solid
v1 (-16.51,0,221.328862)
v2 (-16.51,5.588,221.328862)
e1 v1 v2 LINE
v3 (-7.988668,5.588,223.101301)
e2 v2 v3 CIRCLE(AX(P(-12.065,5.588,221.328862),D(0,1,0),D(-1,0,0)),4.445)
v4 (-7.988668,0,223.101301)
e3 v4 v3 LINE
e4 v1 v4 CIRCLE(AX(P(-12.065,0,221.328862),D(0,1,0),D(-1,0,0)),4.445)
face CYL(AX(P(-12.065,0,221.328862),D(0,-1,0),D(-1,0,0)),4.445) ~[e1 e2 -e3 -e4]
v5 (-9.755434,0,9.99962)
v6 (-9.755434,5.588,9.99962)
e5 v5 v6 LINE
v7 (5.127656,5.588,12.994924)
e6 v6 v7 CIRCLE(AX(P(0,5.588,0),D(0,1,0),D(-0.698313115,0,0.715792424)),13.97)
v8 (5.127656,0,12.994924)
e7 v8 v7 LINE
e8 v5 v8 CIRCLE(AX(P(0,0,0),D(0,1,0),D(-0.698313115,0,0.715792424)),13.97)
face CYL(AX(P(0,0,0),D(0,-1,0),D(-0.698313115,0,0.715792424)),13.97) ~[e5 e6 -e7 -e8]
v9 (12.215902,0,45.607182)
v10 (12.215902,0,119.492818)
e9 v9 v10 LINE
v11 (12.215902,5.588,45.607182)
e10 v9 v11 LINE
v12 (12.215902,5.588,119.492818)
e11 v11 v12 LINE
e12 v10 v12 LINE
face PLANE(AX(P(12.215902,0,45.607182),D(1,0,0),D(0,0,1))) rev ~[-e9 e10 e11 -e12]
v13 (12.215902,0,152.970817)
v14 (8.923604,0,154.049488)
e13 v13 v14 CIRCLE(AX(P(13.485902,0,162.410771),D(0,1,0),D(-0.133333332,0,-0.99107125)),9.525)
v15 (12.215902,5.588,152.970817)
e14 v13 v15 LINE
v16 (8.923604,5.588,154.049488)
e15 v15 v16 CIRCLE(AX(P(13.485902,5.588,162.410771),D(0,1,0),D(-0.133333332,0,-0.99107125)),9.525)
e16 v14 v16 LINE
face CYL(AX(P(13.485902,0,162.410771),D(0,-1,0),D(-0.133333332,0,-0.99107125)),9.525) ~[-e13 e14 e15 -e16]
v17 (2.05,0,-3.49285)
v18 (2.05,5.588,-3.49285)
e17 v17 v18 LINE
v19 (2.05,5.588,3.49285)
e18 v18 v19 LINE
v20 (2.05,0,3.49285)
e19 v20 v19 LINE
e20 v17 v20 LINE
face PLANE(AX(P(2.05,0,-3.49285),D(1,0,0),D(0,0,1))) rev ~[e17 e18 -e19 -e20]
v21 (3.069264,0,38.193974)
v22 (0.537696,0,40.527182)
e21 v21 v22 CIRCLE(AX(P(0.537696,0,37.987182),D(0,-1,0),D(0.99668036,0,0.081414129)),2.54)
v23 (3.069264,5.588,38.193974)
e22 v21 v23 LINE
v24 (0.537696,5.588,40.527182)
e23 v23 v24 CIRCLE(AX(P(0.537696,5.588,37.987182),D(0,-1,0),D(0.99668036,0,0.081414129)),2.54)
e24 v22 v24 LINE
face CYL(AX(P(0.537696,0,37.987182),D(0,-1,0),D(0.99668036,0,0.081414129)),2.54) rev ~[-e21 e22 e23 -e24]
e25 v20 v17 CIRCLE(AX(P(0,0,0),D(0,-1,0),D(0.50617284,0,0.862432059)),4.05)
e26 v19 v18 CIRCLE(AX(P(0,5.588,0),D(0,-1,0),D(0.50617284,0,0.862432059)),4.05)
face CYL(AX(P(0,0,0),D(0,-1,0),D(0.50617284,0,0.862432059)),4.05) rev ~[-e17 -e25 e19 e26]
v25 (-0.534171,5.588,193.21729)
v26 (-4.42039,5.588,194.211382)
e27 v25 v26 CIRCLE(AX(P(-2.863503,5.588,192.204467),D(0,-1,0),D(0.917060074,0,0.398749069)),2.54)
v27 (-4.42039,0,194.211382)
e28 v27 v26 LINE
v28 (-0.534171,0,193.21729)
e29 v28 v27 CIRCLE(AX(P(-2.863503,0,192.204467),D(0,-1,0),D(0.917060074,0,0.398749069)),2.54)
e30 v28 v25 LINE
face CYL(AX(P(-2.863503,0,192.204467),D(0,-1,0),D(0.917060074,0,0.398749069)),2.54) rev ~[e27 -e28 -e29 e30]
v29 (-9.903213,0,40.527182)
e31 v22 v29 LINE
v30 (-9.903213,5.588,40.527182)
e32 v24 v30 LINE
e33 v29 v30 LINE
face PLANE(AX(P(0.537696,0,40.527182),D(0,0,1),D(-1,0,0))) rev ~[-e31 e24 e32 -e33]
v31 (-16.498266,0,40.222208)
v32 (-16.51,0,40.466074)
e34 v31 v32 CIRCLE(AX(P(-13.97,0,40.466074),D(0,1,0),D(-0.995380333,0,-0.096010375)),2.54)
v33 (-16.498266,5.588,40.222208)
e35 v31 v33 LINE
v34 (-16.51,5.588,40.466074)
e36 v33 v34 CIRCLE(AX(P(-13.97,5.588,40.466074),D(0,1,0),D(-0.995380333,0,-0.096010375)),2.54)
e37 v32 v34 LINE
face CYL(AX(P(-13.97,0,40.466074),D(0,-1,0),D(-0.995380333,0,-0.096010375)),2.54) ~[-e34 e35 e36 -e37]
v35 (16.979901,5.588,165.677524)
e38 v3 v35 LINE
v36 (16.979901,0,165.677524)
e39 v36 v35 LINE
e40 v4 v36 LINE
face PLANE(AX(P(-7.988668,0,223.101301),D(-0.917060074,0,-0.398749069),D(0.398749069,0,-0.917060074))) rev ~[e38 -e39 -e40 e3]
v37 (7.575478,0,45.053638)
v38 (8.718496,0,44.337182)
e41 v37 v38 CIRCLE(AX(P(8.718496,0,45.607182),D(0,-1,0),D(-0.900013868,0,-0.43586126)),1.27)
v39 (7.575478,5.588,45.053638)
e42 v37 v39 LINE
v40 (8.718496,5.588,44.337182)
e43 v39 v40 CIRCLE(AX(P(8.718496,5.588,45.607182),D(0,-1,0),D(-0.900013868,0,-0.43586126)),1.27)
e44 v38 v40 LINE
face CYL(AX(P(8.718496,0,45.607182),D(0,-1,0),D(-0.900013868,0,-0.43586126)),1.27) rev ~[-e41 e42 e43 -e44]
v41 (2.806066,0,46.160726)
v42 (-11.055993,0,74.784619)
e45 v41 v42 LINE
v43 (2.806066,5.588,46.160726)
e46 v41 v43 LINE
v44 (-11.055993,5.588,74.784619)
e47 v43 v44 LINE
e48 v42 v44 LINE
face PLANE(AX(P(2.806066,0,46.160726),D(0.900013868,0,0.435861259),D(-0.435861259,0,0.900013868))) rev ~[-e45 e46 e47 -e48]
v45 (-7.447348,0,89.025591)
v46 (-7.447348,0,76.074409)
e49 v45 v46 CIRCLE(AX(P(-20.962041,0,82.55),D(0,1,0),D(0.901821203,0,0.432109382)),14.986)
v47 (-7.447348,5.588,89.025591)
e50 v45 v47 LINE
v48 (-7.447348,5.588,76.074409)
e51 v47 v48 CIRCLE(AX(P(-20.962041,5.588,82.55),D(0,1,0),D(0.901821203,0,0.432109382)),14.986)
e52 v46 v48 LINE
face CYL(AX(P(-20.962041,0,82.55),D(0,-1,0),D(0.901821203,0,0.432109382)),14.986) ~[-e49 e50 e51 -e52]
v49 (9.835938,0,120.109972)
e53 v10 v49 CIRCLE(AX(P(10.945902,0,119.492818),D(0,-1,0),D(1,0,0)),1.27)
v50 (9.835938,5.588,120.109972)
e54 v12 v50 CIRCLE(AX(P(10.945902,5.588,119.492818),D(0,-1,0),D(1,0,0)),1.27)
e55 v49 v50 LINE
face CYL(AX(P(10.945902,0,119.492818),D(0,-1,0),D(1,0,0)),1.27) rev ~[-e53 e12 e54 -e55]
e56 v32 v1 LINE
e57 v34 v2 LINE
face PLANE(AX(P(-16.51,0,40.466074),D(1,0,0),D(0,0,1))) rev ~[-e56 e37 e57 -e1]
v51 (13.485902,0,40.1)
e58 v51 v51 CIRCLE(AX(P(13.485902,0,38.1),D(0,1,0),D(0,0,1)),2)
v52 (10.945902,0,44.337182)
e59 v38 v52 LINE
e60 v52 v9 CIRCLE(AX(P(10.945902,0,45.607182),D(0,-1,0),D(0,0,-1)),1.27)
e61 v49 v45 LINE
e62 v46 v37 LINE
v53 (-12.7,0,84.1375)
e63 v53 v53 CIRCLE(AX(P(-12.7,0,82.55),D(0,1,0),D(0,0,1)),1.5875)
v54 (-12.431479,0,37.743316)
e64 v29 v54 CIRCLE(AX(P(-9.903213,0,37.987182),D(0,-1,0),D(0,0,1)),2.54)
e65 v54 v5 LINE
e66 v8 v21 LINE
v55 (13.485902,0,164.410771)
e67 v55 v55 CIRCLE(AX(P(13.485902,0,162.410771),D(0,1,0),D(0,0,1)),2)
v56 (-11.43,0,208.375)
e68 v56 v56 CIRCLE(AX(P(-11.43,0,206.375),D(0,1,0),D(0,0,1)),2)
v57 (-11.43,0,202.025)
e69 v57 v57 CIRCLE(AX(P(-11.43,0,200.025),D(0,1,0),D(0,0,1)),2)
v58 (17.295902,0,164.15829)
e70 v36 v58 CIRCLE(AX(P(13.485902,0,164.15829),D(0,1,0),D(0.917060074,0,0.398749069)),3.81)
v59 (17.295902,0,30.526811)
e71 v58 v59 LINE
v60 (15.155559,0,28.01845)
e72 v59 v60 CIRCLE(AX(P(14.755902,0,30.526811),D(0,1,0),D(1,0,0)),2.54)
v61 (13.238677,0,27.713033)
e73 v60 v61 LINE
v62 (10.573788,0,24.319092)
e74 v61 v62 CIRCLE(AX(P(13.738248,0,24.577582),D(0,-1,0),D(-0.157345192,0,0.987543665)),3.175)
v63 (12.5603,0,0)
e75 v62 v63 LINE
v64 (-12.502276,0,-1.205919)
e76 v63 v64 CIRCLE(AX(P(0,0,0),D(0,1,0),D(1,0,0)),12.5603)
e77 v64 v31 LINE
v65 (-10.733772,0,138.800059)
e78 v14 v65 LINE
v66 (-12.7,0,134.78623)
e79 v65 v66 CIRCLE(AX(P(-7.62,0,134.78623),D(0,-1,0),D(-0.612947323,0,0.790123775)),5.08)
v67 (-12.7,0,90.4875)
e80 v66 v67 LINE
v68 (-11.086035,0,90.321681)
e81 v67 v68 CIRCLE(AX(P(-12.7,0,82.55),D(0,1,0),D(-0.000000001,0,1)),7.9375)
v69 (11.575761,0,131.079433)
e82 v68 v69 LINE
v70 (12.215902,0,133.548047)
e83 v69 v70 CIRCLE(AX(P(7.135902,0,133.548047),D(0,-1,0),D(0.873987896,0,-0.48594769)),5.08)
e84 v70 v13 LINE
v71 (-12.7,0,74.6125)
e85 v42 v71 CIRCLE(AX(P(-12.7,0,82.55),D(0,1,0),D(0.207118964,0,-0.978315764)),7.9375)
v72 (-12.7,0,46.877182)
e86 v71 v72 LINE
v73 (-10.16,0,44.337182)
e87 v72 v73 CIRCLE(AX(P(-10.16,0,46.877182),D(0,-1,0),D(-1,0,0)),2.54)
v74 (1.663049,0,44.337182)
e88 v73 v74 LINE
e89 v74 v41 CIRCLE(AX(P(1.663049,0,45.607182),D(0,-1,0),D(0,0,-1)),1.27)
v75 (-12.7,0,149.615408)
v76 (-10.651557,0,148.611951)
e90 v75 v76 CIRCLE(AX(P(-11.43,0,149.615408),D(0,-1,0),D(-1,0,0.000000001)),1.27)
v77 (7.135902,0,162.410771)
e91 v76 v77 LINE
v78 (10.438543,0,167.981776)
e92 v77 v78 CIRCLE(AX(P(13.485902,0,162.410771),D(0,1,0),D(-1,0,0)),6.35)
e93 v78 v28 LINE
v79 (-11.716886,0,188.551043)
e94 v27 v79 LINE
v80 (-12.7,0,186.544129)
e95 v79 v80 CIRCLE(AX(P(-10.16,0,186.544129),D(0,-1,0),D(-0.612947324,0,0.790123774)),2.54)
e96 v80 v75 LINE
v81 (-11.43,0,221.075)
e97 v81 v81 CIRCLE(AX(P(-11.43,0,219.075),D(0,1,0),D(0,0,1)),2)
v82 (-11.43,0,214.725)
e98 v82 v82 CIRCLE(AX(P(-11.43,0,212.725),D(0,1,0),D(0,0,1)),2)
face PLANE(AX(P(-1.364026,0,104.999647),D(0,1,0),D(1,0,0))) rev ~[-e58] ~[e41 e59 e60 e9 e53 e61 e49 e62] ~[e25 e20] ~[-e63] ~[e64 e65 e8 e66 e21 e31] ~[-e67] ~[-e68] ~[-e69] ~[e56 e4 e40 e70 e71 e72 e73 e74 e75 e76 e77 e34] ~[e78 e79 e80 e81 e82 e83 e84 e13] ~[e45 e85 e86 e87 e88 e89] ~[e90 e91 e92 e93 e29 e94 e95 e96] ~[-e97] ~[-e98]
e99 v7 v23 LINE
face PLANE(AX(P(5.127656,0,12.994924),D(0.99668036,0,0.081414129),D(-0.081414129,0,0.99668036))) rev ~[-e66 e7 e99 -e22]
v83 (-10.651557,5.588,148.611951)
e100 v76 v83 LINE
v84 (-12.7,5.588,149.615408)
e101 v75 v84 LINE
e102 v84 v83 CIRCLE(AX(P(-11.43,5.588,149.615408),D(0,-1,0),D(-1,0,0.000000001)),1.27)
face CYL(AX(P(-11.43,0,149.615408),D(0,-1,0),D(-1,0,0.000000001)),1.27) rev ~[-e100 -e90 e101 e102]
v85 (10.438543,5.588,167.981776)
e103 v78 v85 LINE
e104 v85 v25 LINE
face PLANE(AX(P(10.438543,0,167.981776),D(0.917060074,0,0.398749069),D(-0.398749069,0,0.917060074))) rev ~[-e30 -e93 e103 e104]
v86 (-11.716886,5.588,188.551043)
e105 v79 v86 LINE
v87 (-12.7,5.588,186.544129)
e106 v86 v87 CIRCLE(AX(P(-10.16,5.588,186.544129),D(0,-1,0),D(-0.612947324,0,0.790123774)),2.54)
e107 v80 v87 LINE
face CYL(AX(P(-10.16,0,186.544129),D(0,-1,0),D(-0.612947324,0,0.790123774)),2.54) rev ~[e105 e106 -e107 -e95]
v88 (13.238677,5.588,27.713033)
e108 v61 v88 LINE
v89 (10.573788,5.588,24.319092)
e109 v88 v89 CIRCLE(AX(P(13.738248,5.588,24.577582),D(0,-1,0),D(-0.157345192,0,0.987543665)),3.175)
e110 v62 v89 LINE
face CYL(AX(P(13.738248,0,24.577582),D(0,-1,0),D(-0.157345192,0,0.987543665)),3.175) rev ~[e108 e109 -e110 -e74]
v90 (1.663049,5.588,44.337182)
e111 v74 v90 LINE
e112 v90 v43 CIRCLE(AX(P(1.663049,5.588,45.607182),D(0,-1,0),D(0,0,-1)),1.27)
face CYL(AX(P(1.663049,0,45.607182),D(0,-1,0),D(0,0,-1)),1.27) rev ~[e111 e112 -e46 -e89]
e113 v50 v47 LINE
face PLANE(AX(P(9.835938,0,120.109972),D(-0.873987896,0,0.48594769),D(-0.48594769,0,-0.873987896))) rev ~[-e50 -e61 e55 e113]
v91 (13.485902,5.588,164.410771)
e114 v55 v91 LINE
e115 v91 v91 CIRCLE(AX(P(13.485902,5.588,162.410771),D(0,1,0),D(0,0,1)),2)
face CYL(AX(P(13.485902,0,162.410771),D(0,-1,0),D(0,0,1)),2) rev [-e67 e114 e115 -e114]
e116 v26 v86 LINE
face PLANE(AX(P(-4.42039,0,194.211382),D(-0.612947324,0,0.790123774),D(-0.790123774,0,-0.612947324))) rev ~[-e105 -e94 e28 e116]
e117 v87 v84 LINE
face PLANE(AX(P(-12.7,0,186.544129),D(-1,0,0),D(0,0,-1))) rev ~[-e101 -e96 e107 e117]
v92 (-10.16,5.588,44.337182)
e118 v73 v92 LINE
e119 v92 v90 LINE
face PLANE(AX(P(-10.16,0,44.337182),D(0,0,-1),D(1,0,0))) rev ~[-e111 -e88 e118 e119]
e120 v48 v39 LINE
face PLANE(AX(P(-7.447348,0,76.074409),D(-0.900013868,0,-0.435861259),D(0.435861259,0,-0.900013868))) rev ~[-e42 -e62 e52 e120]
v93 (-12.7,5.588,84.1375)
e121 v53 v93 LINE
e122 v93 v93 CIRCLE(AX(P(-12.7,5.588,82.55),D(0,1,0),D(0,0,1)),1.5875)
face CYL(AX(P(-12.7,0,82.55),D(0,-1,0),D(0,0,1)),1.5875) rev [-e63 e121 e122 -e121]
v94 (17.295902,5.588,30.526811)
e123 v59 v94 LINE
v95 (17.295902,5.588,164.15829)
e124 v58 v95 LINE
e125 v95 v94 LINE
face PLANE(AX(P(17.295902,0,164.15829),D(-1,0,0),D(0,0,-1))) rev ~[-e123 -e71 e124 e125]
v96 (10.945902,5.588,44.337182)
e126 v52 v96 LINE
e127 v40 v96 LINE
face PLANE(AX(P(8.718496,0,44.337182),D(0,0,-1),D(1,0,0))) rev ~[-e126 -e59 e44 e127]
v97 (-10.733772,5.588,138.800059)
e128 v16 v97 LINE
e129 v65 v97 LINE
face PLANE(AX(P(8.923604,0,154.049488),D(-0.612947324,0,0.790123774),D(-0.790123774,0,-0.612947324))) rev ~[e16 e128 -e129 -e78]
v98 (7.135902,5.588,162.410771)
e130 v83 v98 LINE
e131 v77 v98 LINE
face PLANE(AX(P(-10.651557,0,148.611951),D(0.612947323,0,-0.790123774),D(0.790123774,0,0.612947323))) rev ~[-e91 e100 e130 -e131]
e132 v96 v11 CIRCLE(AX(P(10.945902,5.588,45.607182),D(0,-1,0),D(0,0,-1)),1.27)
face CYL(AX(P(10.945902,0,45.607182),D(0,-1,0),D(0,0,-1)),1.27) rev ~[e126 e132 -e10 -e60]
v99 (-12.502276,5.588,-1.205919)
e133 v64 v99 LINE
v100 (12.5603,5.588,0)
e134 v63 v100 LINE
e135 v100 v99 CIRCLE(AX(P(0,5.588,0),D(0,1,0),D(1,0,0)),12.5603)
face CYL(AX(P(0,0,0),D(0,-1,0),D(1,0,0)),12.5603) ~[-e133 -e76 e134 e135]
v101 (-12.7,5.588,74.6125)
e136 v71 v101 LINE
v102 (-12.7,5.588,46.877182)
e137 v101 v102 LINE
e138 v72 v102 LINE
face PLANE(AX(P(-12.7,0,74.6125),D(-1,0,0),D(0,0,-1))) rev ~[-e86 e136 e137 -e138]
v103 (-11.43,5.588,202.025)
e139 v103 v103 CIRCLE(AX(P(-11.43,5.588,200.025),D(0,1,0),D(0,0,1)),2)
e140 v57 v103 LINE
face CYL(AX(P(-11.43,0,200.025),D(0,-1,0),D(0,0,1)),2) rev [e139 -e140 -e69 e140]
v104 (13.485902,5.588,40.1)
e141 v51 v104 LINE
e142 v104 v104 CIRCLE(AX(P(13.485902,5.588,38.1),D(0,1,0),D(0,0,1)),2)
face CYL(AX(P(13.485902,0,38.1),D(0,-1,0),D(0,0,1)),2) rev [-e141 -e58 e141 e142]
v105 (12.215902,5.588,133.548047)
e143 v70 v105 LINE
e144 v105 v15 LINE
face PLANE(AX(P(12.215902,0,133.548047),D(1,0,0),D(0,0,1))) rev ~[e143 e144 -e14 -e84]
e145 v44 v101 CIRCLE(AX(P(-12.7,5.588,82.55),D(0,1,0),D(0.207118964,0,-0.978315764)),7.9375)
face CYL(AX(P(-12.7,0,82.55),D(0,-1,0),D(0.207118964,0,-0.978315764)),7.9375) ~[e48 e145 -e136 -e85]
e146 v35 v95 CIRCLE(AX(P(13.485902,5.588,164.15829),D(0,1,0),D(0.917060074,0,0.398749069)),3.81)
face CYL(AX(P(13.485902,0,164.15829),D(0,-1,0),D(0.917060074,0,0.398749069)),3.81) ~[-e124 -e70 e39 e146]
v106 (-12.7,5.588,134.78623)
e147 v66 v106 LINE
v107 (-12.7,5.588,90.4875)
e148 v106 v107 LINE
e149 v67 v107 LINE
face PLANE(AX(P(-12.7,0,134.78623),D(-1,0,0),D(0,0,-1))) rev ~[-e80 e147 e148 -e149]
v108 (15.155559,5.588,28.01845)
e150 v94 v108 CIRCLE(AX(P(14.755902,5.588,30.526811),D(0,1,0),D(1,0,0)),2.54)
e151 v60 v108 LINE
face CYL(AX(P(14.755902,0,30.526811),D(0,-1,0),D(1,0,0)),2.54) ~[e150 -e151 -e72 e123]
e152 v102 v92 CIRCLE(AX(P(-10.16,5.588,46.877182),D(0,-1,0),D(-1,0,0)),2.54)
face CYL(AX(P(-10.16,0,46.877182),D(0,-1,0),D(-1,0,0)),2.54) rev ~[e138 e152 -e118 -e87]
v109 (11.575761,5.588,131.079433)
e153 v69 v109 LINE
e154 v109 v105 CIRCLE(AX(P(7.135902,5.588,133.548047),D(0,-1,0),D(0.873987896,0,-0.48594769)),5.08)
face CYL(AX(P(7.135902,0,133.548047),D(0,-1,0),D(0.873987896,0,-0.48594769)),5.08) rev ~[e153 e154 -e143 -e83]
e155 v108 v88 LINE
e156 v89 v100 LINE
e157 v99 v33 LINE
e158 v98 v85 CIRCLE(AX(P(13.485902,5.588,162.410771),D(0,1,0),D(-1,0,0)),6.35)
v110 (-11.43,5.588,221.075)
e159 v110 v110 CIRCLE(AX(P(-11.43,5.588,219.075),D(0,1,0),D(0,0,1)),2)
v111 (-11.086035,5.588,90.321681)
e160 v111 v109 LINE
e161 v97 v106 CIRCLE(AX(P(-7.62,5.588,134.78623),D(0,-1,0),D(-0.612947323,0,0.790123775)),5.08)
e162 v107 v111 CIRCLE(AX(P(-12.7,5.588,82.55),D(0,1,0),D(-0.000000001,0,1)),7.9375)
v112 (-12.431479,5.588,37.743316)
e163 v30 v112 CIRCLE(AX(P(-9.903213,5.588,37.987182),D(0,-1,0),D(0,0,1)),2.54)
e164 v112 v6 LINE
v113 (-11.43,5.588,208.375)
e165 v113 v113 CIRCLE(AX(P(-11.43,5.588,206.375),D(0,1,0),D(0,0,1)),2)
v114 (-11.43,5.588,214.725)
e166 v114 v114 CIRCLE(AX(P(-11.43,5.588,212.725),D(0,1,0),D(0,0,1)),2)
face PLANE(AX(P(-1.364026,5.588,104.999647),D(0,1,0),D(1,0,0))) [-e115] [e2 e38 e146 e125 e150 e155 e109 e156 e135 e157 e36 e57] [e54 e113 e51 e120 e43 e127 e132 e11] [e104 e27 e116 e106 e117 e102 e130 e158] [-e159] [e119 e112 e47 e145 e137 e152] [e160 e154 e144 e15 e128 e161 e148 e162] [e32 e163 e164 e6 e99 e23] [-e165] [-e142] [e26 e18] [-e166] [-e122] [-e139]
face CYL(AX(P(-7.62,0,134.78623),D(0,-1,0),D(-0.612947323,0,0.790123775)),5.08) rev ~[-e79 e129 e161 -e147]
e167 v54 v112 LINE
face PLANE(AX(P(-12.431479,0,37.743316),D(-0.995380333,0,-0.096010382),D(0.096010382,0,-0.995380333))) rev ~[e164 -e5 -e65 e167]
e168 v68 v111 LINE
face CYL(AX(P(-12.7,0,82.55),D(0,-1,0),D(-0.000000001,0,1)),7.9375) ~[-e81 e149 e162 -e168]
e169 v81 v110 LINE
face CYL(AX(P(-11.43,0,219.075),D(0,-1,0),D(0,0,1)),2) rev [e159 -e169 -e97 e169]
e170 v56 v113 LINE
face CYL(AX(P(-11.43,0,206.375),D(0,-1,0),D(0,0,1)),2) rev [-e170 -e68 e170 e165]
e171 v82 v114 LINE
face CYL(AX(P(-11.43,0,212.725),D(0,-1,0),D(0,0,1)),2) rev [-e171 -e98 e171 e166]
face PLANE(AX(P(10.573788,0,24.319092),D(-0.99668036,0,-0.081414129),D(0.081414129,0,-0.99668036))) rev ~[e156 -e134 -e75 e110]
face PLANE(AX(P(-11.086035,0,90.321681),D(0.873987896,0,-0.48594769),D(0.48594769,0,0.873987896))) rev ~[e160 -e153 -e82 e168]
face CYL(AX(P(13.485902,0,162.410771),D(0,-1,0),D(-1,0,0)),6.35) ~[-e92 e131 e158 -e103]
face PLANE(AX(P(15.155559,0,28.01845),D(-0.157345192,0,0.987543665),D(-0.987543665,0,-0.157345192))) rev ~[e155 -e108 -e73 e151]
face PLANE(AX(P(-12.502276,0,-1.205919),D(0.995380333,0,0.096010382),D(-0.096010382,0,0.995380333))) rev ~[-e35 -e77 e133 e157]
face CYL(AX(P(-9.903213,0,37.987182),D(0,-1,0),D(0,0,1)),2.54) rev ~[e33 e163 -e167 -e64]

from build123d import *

# Parameters (mm, degrees)
SKETCH2_R           = 2
SKETCH2_R_2         = 1.5875
SKETCH2_R_3         = 1.999999991
BOSS_EXTRUDE1_DEPTH = 5.588


with BuildPart() as part:
    # Sketch2 → Boss-Extrude1 (new body)
    with BuildSketch(Plane(origin=(0, 0, 0), x_dir=(1, 0, 0), z_dir=(0, 1, 0))):
        with BuildLine():
            ThreePointArc((17.295902343, -30.526810701), (16.688093876, -28.878103365), (15.15555913, -28.018449791))
            Line((15.15555913, -28.018449791), (13.238676936, -27.713033224))
            ThreePointArc((13.238676936, -27.713033224), (11.241051513, -26.538356195), (10.573787778, -24.319092227))
            Line((10.573787778, -24.319092227), (12.5603, 0))
            ThreePointArc((12.5603, 0), (0.603657177, 12.545785512), (-12.502275592, 1.2059192))
            Line((-12.502275592, 1.2059192), (-16.498266045, -40.222207921))
            ThreePointArc((-16.498266045, -40.222207921), (-16.507064815, -40.344000039), (-16.51, -40.466074291))
            Line((-16.51, -40.466074291), (-16.51, -221.328861788))
            ThreePointArc((-16.51, -221.328861788), (-12.970187584, -225.680718913), (-7.988667969, -223.101301399))
            Line((-7.988667969, -223.101301399), (16.979901226, -165.677523619))
            ThreePointArc((16.979901226, -165.677523619), (17.216065593, -164.934164738), (17.295902343, -164.158289667))
            Line((17.295902343, -164.158289667), (17.295902343, -30.526810701))
        make_face()
        with Locations(Location((-11.43, -219.075, 0), (0, 0, 270))):
            Circle(SKETCH2_R, mode=Mode.SUBTRACT)
        with Locations(Location((-11.43, -212.725, 0), (0, 0, 270))):
            Circle(SKETCH2_R, mode=Mode.SUBTRACT)
        with Locations(Location((-11.43, -206.375, 0), (0, 0, 270))):
            Circle(SKETCH2_R, mode=Mode.SUBTRACT)
        with Locations(Location((-11.43, -200.025, 0), (0, 0, 270))):
            Circle(SKETCH2_R, mode=Mode.SUBTRACT)
        with BuildLine():
            ThreePointArc((7.135902343, -162.410770806), (8.023611961, -165.648962244), (10.438542905, -167.981776143))
            Line((10.438542905, -167.981776143), (-0.534170778, -193.217289931))
            ThreePointArc((-0.534170778, -193.217289931), (-2.234040931, -194.665234867), (-4.420389569, -194.211381682))
            Line((-4.420389569, -194.211381682), (-11.716886202, -188.551043102))
            ThreePointArc((-11.716886202, -188.551043102), (-12.441018517, -187.661516081), (-12.7, -186.544128716))
            Line((-12.7, -186.544128716), (-12.7, -149.615408258))
            ThreePointArc((-12.7, -149.615408258), (-11.988693683, -148.474898999), (-10.651556899, -148.611951065))
            Line((-10.651556899, -148.611951065), (7.135902343, -162.410770806))
        make_face(mode=Mode.SUBTRACT)
        with BuildLine():
            ThreePointArc((12.215902343, -152.970817152), (10.520298026, -153.359206519), (8.923603828, -154.049487576))
            Line((8.923603828, -154.049487576), (-10.733772403, -138.80005889))
            ThreePointArc((-10.733772403, -138.80005889), (-12.182037035, -137.021004847), (-12.7, -134.786230117))
            Line((-12.7, -134.786230117), (-12.7, -90.4875))
            ThreePointArc((-12.7, -90.4875), (-11.888769677, -90.445936399), (-11.086035141, -90.321680879))
            Line((-11.086035141, -90.321680879), (11.575760855, -131.079432803))
            ThreePointArc((11.575760855, -131.079432803), (12.053263487, -132.272915946), (12.215902343, -133.548047069))
            Line((12.215902343, -133.548047069), (12.215902343, -152.970817152))
        make_face(mode=Mode.SUBTRACT)
        with Locations(Location((13.485902343, -162.410770806, 0), (0, 0, 270))):
            Circle(SKETCH2_R, mode=Mode.SUBTRACT)
        with Locations(Location((-12.7, -82.55, 0), (0, 0, 270))):
            Circle(SKETCH2_R_2, mode=Mode.SUBTRACT)
        with BuildLine():
            Line((-10.16, -44.337182032), (1.663048834, -44.337182032))
            ThreePointArc((1.663048834, -44.337182032), (2.739129831, -44.932682449), (2.806066447, -46.160725831))
            Line((2.806066447, -46.160725831), (-11.055993219, -74.784618621))
            ThreePointArc((-11.055993219, -74.784618621), (-11.873503915, -74.655646925), (-12.7, -74.6125))
            Line((-12.7, -74.6125), (-12.7, -46.877182032))
            ThreePointArc((-12.7, -46.877182032), (-11.956051224, -45.081130808), (-10.16, -44.337182032))
        make_face(mode=Mode.SUBTRACT)
        with BuildLine():
            ThreePointArc((-9.903213406, -40.527182032), (-11.783508673, -39.694838236), (-12.431479451, -37.743315662))
            Line((-12.431479451, -37.743315662), (-9.755434212, -9.99962016))
            ThreePointArc((-9.755434212, -9.99962016), (-2.756273581, -13.695395429), (5.127655889, -12.99492382))
            Line((5.127655889, -12.99492382), (3.069264048, -38.19397392))
            ThreePointArc((3.069264048, -38.19397392), (2.259083254, -39.854914801), (0.537695935, -40.527182032))
            Line((0.537695935, -40.527182032), (-9.903213406, -40.527182032))
        make_face(mode=Mode.SUBTRACT)
        with BuildLine():
            ThreePointArc((2.05, -3.492849839), (-4.05, 0), (2.05, 3.492849839))
            Line((2.05, 3.492849839), (2.05, -3.492849839))
        make_face(mode=Mode.SUBTRACT)
        with BuildLine():
            ThreePointArc((-7.44734835, -89.025591197), (-5.976040897, -82.55), (-7.44734835, -76.074408803))
            Line((-7.44734835, -76.074408803), (7.575478058, -45.053638233))
            ThreePointArc((7.575478058, -45.053638233), (8.043996088, -44.531101035), (8.718495671, -44.337182032))
            Line((8.718495671, -44.337182032), (10.945902343, -44.337182032))
            ThreePointArc((10.945902343, -44.337182032), (11.843927955, -44.70915642), (12.215902343, -45.607182032))
            Line((12.215902343, -45.607182032), (12.215902343, -119.492817968))
            ThreePointArc((12.215902343, -119.492817968), (11.264685124, -120.722158254), (9.835937715, -120.109971535))
            Line((9.835937715, -120.109971535), (-7.44734835, -89.025591197))
        make_face(mode=Mode.SUBTRACT)
        with Locations(Location((13.485902343, -38.1, 0), (0, 0, 270))):
            Circle(SKETCH2_R_3, mode=Mode.SUBTRACT)
    extrude(amount=BOSS_EXTRUDE1_DEPTH)


solid = part.part
